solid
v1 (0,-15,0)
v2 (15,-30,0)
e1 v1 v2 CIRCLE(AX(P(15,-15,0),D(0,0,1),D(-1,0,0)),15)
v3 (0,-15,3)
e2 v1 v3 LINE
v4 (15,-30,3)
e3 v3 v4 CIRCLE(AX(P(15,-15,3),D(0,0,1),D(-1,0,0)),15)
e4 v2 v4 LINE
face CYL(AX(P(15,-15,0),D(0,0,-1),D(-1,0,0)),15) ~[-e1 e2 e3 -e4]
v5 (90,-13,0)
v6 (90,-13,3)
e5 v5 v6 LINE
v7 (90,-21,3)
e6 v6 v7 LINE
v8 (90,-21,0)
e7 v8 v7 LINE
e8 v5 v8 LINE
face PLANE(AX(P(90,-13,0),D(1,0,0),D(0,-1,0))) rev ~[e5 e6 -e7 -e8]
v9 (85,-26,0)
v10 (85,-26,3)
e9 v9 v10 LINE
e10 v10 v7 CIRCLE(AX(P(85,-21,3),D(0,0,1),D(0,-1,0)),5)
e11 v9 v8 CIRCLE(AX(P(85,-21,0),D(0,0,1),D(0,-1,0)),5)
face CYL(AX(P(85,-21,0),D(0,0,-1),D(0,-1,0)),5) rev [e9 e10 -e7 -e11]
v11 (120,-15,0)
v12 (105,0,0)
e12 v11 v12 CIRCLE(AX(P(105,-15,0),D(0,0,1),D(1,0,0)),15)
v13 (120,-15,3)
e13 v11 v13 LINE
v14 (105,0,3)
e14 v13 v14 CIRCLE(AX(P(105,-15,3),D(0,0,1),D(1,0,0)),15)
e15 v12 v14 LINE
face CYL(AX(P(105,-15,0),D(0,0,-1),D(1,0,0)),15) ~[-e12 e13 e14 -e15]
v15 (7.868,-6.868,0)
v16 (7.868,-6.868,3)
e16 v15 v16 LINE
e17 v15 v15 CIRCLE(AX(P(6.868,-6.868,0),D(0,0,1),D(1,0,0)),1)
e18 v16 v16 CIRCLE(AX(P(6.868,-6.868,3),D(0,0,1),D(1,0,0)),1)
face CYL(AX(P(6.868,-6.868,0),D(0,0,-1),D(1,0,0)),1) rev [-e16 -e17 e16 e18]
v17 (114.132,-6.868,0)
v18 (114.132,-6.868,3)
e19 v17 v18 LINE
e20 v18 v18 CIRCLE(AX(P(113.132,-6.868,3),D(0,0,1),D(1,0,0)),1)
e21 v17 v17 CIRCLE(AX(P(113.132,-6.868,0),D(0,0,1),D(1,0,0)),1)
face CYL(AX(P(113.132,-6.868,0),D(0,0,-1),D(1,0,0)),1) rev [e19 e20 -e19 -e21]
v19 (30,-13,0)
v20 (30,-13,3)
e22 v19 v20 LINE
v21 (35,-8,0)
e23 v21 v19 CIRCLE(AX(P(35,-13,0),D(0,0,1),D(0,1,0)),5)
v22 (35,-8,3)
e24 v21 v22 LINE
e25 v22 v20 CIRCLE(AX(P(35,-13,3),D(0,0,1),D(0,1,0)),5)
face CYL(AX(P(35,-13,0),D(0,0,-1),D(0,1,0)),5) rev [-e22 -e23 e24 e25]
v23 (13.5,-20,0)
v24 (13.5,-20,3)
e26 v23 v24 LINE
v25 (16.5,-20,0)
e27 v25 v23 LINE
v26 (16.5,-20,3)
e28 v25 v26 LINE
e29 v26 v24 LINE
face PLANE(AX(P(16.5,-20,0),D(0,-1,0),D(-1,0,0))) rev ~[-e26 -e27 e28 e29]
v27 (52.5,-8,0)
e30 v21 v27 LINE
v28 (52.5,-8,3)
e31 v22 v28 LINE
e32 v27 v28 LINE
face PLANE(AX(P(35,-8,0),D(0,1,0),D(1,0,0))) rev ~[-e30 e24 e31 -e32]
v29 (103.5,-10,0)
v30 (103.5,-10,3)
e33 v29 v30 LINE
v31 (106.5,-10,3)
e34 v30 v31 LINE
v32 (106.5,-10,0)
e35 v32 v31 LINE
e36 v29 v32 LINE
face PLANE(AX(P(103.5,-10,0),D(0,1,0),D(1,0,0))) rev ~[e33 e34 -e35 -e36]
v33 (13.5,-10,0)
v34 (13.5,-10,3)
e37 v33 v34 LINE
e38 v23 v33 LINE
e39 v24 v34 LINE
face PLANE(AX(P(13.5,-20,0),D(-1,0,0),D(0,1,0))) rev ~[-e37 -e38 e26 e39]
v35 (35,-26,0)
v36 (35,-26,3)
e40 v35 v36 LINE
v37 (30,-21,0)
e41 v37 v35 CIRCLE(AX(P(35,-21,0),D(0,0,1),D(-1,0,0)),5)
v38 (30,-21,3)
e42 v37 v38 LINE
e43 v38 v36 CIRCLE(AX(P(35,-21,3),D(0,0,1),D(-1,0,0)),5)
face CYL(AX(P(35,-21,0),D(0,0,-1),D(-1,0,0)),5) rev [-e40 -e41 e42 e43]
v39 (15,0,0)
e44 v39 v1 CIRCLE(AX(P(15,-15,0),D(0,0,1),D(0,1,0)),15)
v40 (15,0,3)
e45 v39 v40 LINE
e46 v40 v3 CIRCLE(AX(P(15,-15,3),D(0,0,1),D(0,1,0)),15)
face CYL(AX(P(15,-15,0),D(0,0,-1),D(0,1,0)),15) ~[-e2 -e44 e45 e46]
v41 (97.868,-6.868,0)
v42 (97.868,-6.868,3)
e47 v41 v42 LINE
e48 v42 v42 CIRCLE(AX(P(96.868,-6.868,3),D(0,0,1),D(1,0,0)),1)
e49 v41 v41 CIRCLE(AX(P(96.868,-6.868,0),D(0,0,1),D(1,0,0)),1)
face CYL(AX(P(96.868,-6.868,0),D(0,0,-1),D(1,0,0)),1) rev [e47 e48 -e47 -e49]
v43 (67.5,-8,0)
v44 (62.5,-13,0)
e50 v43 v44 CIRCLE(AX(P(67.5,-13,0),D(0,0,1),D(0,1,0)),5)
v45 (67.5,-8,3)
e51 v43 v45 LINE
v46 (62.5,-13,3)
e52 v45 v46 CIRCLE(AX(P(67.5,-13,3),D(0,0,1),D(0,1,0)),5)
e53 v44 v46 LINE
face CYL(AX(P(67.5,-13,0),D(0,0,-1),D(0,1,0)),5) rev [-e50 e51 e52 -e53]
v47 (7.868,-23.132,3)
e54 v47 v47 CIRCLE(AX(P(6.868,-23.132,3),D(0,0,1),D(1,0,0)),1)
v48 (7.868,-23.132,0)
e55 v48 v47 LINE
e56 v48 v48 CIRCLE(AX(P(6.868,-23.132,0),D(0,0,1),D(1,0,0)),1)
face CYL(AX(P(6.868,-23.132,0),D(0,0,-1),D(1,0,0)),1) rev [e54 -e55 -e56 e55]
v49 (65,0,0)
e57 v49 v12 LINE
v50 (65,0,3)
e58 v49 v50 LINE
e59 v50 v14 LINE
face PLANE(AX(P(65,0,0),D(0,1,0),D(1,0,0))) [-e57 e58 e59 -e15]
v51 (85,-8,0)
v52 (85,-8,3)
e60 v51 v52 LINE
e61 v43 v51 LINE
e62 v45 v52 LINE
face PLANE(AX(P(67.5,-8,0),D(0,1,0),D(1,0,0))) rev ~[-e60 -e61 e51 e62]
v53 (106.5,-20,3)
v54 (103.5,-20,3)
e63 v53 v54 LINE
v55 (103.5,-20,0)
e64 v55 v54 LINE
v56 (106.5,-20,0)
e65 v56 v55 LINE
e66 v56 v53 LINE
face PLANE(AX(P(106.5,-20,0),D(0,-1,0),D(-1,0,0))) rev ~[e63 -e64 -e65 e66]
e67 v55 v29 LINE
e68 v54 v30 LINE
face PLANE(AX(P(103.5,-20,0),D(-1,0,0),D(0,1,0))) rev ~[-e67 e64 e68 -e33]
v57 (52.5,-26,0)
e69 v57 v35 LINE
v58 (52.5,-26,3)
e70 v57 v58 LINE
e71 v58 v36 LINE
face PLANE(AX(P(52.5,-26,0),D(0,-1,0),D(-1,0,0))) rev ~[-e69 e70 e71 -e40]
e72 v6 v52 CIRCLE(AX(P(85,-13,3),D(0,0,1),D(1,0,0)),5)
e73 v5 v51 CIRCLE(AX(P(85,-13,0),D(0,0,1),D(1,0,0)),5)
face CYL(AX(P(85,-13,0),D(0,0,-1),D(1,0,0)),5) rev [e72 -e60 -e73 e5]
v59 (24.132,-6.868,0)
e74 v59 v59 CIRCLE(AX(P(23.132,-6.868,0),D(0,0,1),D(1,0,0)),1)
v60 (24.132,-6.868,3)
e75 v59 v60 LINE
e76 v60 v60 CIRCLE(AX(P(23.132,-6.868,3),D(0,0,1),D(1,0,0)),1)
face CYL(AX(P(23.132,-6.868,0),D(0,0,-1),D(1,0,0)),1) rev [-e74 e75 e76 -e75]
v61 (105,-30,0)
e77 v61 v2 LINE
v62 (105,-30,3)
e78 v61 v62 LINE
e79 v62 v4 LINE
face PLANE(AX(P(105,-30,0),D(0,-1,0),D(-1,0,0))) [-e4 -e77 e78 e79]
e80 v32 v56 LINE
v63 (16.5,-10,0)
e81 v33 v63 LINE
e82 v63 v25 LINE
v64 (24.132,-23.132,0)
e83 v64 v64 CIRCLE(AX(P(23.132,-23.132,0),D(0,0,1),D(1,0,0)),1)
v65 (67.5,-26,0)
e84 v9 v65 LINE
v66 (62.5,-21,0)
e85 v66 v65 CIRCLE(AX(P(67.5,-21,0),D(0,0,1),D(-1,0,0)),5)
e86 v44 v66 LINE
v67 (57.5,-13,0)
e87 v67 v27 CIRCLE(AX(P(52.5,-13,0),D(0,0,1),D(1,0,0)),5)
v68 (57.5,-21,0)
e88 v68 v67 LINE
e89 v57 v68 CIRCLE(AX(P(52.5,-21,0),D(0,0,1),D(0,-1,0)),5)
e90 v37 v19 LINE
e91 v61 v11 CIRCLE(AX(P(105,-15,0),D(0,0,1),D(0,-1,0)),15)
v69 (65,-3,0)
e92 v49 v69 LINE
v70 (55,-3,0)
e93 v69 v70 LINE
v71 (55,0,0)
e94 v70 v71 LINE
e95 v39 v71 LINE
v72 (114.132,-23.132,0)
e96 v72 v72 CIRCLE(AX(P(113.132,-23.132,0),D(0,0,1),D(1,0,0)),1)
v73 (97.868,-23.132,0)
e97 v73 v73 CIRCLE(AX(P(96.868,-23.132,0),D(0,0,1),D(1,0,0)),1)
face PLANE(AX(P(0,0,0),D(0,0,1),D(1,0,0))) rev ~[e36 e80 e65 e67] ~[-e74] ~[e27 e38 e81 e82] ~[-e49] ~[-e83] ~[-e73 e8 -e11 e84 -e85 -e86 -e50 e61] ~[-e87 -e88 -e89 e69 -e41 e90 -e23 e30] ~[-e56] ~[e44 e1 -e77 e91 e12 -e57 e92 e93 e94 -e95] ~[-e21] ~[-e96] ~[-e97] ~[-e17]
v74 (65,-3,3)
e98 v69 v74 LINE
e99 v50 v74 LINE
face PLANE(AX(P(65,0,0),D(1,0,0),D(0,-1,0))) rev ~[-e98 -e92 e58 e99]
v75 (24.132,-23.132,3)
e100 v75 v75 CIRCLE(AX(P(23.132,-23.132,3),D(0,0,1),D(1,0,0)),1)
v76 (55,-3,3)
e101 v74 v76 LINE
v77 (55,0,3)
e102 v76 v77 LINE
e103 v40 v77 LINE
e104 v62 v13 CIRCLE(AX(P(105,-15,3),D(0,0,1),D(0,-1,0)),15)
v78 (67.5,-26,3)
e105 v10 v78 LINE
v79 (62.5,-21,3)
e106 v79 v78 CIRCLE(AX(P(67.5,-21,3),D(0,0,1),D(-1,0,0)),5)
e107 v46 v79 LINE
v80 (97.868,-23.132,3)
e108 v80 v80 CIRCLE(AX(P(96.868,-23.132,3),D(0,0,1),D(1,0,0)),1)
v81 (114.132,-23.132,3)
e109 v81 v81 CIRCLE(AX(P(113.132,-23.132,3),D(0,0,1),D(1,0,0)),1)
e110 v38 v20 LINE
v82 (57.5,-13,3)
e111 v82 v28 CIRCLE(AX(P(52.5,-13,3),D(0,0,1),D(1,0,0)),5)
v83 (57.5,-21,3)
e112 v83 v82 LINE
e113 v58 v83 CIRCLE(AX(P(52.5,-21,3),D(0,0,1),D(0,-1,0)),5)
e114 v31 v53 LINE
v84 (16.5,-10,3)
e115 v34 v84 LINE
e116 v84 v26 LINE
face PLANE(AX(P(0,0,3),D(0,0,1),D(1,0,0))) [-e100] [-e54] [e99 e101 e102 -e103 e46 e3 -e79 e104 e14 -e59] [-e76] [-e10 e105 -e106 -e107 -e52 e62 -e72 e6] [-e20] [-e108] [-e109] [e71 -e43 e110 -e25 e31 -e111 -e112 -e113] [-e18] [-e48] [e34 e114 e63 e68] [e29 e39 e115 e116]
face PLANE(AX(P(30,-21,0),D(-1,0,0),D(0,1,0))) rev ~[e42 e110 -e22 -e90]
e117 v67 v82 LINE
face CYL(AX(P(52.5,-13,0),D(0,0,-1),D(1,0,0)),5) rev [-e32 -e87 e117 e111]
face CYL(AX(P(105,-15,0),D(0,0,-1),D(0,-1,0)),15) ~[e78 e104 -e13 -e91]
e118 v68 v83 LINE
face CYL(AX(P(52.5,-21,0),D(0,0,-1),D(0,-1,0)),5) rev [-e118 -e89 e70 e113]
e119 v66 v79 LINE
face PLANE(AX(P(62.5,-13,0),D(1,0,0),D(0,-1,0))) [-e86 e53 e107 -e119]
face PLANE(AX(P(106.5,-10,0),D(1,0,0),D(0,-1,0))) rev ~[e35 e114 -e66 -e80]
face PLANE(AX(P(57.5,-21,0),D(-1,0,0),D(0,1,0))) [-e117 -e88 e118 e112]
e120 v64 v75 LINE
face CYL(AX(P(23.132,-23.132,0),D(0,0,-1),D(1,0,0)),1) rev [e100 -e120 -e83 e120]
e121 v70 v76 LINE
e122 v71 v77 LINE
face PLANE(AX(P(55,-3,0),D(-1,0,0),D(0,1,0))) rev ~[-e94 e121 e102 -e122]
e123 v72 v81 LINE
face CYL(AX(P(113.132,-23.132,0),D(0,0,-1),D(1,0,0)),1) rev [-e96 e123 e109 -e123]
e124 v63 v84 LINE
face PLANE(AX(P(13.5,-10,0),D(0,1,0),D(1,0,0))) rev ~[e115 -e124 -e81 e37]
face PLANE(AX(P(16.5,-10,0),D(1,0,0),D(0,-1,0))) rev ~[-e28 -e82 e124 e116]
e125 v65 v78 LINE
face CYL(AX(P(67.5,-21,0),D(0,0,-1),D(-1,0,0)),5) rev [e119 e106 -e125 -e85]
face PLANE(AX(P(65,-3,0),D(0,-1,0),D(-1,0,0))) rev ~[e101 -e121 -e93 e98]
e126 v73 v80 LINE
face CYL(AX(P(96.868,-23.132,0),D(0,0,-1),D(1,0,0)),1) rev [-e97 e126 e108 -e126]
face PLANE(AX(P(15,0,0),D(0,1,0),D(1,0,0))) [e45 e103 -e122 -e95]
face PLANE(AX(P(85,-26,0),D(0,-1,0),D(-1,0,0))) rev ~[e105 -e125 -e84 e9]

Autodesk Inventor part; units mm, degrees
ref_plane "YZ Plane" through (0, 0, 0) normal (1, 0, 0) x (0, 1, 0)
ref_plane "XZ Plane" through (0, 0, 0) normal (0, 1, 0) x (-1, 0, 0)
ref_plane "XY Plane" through (0, 0, 0) normal (0, 0, 1) x (1, 0, 0)
sketch "Sketch1" plane through (0, 0, 0) normal (0, 0, 1) x (1, 0, 0)
  line L0 (120, -15) -> (120, -15)
  line L1 (105, -30) -> (15, -30)
  line L2 (0, -15) -> (0, -15)
  line L3 (13.5, -10) -> (16.5, -10)
  line L4 (16.5, -10) -> (16.5, -20)
  line L5 (16.5, -20) -> (13.5, -20)
  line L6 (13.5, -20) -> (13.5, -10)
  line L7 (103.5, -10) -> (106.5, -10)
  line L8 (106.5, -10) -> (106.5, -20)
  line L9 (106.5, -20) -> (103.5, -20)
  line L10 (103.5, -20) -> (103.5, -10)
  arc A0 (15, 0) -> (0, -15) centre (15, -15) ccw
  arc A1 (0, -15) -> (15, -30) centre (15, -15) ccw
  arc A2 (105, -30) -> (120, -15) centre (105, -15) ccw
  arc A3 (120, -15) -> (105, 0) centre (105, -15) ccw
  line L11 (65, 0) -> (65, -3)
  line L12 (65, -3) -> (55, -3)
  line L13 (55, -3) -> (55, 0)
  line L14 (15, 0) -> (55, 0)
  line L15 (65, 0) -> (105, 0)
  line L16 (90, -13) -> (90, -21)
  line L17 (30, -21) -> (30, -13)
  arc A4 (35, -8) -> (30, -13) centre (35, -13) ccw
  arc A5 (90, -13) -> (85, -8) centre (85, -13) ccw
  arc A6 (85, -26) -> (90, -21) centre (85, -21) ccw
  arc A7 (30, -21) -> (35, -26) centre (35, -21) ccw
  line L18 (62.5, -13) -> (62.5, -21)
  line L19 (57.5, -21) -> (57.5, -13)
  line L20 (35, -8) -> (52.5, -8)
  line L21 (67.5, -8) -> (85, -8)
  line L22 (85, -26) -> (67.5, -26)
  line L23 (52.5, -26) -> (35, -26)
  arc A8 (57.5, -13) -> (52.5, -8) centre (52.5, -13) ccw
  arc A9 (52.5, -26) -> (57.5, -21) centre (52.5, -21) ccw
  arc A10 (62.5, -21) -> (67.5, -26) centre (67.5, -21) ccw
  arc A11 (67.5, -8) -> (62.5, -13) centre (67.5, -13) ccw
  circle A12 centre (6.868, -6.868) radius 1
  circle A13 centre (6.868, -23.132) radius 1
  circle A14 centre (23.132, -23.132) radius 1
  circle A15 centre (23.132, -6.868) radius 1
  circle A16 centre (113.132, -6.868) radius 1
  circle A17 centre (96.868, -6.868) radius 1
  circle A18 centre (96.868, -23.132) radius 1
  circle A19 centre (113.132, -23.132) radius 1
  point P0 (0, 0)
  point P1 (120, 0)
  point P2 (0, -30)
  dimension "d0" = 30
  dimension "d1" = 120
  dimension "d2" = 10
  dimension "d3" = 3
  dimension "d4" = 13.5
  dimension "d5" = 10
  dimension "d6" = 87
  dimension "d7" = 3
  dimension "d8" = 10
  dimension "d9" = 10
  dimension "d10" = 15
  dimension "d11" = 10
  dimension "d12" = 55
  dimension "d13" = 3
  dimension "d18" = 30
  dimension "d19" = 30
  dimension "d20" = 5
  dimension "d23" = 27.5
  dimension "d24" = 27.5
  dimension "d25" = 5
  dimension "d26" = 5
  dimension "d27" = 8
  dimension "d30" = 2
  dimension "d31" = 8.132
  dimension "d32" = 8.132
  dimension "d35" = 360
  dimension "d37" = 2
  dimension "d40" = 8.132
  dimension "d41" = 8.132
  dimension "d44" = 360
  dimension "d48" = 18
  dimension "d50" = 3
  dimension "d51" = 15
extrude "Extrusion4" add sketch "Sketch1" along normal blind 3
properties part number "OpenROV 2_1 Mid Bulkhead"
